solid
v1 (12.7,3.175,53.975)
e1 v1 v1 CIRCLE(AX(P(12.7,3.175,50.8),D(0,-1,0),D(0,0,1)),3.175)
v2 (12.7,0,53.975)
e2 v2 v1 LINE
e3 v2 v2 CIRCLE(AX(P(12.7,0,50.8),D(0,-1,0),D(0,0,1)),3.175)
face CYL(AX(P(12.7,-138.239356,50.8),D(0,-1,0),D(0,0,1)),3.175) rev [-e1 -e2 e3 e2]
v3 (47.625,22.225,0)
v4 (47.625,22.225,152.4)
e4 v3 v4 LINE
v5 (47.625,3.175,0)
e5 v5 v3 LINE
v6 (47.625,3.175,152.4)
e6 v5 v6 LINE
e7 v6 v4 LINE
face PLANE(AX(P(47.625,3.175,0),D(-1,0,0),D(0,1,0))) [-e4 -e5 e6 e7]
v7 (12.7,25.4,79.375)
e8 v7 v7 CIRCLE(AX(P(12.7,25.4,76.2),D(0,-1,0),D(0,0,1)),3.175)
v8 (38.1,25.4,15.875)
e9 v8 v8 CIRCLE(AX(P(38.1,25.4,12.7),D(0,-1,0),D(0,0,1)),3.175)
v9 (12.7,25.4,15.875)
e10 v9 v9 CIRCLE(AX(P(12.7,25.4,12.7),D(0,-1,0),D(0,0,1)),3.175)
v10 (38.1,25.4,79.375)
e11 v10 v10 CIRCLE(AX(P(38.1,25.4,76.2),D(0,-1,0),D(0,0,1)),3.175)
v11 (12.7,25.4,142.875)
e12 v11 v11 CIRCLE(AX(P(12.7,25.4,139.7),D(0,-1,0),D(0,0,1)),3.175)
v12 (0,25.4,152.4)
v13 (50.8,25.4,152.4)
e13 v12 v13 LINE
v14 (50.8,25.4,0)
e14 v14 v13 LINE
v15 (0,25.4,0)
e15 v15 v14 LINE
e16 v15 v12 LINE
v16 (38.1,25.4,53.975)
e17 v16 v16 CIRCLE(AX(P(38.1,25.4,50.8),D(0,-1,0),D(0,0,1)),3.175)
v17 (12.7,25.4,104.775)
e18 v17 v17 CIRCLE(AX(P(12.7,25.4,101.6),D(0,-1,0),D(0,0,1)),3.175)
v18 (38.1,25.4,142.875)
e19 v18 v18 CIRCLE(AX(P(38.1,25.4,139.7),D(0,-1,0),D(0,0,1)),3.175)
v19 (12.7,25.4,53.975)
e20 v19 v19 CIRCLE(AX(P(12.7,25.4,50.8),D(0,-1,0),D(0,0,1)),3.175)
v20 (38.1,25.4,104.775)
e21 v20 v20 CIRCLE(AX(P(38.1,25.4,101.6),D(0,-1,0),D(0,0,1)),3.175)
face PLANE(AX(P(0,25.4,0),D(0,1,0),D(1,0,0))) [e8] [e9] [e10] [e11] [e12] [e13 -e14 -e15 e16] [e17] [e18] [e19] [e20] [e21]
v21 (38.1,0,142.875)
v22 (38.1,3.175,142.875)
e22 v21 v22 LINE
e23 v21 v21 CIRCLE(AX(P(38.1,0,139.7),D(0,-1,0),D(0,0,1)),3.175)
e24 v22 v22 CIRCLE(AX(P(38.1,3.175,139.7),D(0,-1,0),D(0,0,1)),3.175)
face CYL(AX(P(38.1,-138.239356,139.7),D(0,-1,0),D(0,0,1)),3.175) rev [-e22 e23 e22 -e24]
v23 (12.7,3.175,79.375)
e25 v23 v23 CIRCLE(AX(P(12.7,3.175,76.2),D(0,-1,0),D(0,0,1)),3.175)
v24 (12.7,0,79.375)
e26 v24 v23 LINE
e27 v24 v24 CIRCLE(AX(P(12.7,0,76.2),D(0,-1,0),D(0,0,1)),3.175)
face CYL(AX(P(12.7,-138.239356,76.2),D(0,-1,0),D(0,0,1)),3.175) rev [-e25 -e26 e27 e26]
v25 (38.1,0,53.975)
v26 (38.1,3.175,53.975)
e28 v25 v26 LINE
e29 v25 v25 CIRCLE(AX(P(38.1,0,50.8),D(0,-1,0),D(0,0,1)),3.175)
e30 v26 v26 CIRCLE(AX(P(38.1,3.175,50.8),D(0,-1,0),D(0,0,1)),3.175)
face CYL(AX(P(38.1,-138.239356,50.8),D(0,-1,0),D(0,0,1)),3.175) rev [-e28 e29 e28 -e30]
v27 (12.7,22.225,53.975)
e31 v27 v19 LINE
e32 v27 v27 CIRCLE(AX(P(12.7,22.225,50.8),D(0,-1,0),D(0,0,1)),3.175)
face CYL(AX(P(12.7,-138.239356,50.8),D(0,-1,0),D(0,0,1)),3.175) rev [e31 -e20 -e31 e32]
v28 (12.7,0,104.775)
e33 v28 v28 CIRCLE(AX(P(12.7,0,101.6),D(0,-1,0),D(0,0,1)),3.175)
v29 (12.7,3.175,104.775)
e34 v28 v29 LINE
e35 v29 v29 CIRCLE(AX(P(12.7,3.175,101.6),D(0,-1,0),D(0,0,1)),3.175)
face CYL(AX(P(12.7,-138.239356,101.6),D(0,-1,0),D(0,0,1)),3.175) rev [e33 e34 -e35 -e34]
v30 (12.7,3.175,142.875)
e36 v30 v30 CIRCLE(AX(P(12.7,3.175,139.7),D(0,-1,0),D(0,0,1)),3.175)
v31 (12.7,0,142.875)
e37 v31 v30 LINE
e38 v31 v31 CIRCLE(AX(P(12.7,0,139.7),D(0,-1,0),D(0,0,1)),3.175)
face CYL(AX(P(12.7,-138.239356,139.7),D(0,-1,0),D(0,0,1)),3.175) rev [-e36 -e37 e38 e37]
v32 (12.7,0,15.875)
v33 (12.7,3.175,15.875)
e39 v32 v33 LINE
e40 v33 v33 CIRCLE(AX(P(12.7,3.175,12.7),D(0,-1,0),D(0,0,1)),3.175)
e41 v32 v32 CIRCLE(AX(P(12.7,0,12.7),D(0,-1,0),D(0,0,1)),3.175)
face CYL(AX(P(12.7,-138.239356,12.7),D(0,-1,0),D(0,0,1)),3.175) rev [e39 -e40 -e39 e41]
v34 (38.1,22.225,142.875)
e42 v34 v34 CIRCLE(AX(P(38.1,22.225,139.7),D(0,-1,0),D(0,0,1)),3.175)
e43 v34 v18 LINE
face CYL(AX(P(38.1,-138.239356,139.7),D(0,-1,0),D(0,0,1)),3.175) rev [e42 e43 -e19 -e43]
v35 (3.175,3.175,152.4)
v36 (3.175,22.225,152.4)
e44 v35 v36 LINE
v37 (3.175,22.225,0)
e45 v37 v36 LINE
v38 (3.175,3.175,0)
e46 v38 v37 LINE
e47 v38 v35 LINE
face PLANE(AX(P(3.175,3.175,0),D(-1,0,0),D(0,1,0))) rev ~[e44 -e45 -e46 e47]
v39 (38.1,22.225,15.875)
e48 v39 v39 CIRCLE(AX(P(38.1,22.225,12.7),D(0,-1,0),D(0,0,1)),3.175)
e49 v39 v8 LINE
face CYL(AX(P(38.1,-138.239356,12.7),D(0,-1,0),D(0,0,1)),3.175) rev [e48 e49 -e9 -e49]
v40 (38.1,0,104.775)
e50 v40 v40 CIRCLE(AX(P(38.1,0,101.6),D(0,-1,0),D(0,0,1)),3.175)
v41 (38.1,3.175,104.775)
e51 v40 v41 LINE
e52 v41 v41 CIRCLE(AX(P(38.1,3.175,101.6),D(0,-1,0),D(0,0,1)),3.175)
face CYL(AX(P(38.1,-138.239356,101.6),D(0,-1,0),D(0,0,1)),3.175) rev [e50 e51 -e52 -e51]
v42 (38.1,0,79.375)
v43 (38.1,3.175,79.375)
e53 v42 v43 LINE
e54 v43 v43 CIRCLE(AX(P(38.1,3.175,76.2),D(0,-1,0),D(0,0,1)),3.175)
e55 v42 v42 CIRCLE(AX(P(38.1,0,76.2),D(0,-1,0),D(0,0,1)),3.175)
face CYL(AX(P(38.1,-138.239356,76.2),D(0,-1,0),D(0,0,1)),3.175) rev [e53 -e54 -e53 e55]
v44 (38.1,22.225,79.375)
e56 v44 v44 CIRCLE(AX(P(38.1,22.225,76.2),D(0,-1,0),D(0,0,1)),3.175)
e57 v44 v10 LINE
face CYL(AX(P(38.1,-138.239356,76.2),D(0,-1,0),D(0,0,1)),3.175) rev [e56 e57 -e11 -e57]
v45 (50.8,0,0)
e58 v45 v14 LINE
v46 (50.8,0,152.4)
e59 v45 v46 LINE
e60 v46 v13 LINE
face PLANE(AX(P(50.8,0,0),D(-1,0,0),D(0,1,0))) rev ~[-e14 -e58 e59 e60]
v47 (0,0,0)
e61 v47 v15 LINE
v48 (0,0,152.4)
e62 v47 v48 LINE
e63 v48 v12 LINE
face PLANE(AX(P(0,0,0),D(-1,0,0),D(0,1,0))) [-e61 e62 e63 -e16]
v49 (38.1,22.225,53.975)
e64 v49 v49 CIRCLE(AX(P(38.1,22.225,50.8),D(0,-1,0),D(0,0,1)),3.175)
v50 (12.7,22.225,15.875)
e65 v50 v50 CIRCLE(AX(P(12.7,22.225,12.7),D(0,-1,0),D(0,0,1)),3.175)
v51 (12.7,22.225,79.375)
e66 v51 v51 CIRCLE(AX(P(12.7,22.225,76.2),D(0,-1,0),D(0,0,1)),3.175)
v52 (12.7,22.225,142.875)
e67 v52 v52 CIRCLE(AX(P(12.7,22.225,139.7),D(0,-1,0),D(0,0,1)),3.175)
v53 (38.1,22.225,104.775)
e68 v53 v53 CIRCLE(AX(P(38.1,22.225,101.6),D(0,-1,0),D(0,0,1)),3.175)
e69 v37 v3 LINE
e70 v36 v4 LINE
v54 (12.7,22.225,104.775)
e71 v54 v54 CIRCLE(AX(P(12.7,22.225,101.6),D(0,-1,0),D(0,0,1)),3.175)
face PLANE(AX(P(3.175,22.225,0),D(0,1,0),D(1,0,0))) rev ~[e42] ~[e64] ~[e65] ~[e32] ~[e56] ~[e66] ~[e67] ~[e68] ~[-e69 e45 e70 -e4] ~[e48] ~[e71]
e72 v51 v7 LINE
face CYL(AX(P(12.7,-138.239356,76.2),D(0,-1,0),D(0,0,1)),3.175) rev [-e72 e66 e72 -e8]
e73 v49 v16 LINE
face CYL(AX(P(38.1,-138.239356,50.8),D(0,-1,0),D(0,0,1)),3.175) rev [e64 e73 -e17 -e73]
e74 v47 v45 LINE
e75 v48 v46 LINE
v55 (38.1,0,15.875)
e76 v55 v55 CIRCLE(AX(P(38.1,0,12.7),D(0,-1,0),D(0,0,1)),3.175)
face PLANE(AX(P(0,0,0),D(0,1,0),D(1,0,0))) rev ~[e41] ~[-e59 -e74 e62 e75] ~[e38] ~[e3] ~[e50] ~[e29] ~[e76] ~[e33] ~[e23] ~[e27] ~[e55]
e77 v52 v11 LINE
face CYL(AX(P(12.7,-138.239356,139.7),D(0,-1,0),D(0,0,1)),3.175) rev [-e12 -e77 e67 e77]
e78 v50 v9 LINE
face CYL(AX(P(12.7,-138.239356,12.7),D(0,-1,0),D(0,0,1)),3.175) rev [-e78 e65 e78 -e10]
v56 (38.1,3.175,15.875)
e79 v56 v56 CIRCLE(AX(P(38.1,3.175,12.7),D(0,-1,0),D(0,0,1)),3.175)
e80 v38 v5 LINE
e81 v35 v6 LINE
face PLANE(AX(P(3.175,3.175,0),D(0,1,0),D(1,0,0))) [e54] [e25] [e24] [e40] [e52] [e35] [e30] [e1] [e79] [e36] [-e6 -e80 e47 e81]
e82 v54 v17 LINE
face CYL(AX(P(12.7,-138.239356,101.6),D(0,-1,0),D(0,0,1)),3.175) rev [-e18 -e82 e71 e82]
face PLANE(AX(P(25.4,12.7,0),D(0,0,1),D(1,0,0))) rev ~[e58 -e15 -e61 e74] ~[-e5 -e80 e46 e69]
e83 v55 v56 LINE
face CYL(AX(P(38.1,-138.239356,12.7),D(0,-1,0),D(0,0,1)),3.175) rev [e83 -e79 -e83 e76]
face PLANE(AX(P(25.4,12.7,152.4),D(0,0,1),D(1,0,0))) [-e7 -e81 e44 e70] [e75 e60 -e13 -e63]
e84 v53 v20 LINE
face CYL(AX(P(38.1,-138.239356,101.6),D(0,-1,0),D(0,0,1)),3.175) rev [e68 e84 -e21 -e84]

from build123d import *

# Parameters (mm, degrees)
SKETCH1_W               = 50.8
SKETCH1_H               = 25.4
SKETCH1_W_2             = 44.45
SKETCH1_H_2             = 19.05
BOSS_EXTRUDE1_DEPTH     = 152.4
CUT_EXTRUDE1_DEPTH      = 163.639355631
CUT_EXTRUDE1_DEPTH_BACK = 163.639355631
SKETCH2_R               = 3.175


with BuildPart() as part:
    # Sketch1 → Boss-Extrude1 (new body)
    with BuildSketch(Plane.XY):
        with Locations((25.4, 12.7)):
            Rectangle(SKETCH1_W, SKETCH1_H)
        with Locations((25.4, 12.7)):
            Rectangle(SKETCH1_W_2, SKETCH1_H_2, mode=Mode.SUBTRACT)
    extrude(amount=BOSS_EXTRUDE1_DEPTH)

    # Sketch2 → Cut-Extrude1 (cut, two sides: drawn at the far end of the back side and taken through both)
    with BuildSketch(Plane(origin=(0, 25.4, 0), x_dir=(1, 0, 0), z_dir=(0, 1, 0)).offset(-CUT_EXTRUDE1_DEPTH_BACK)):
        with Locations(Location((12.7, -12.7, 0), (0, 0, 270))):
            Circle(SKETCH2_R)
        with Locations(Location((12.7, -50.8, 0), (0, 0, 270))):
            Circle(SKETCH2_R)
        with Locations(Location((12.7, -76.2, 0), (0, 0, 270))):
            Circle(SKETCH2_R)
        with Locations(Location((12.7, -101.6, 0), (0, 0, 270))):
            Circle(SKETCH2_R)
        with Locations(Location((12.7, -139.7, 0), (0, 0, 270))):
            Circle(SKETCH2_R)
        with Locations(Location((38.1, -139.7, 0), (0, 0, 270))):
            Circle(SKETCH2_R)
        with Locations(Location((38.1, -101.6, 0), (0, 0, 270))):
            Circle(SKETCH2_R)
        with Locations(Location((38.1, -76.2, 0), (0, 0, 270))):
            Circle(SKETCH2_R)
        with Locations(Location((38.1, -12.7, 0), (0, 0, 270))):
            Circle(SKETCH2_R)
        with Locations(Location((38.1, -50.8, 0), (0, 0, 270))):
            Circle(SKETCH2_R)
    extrude(amount=CUT_EXTRUDE1_DEPTH + CUT_EXTRUDE1_DEPTH_BACK, mode=Mode.SUBTRACT)


solid = part.part
